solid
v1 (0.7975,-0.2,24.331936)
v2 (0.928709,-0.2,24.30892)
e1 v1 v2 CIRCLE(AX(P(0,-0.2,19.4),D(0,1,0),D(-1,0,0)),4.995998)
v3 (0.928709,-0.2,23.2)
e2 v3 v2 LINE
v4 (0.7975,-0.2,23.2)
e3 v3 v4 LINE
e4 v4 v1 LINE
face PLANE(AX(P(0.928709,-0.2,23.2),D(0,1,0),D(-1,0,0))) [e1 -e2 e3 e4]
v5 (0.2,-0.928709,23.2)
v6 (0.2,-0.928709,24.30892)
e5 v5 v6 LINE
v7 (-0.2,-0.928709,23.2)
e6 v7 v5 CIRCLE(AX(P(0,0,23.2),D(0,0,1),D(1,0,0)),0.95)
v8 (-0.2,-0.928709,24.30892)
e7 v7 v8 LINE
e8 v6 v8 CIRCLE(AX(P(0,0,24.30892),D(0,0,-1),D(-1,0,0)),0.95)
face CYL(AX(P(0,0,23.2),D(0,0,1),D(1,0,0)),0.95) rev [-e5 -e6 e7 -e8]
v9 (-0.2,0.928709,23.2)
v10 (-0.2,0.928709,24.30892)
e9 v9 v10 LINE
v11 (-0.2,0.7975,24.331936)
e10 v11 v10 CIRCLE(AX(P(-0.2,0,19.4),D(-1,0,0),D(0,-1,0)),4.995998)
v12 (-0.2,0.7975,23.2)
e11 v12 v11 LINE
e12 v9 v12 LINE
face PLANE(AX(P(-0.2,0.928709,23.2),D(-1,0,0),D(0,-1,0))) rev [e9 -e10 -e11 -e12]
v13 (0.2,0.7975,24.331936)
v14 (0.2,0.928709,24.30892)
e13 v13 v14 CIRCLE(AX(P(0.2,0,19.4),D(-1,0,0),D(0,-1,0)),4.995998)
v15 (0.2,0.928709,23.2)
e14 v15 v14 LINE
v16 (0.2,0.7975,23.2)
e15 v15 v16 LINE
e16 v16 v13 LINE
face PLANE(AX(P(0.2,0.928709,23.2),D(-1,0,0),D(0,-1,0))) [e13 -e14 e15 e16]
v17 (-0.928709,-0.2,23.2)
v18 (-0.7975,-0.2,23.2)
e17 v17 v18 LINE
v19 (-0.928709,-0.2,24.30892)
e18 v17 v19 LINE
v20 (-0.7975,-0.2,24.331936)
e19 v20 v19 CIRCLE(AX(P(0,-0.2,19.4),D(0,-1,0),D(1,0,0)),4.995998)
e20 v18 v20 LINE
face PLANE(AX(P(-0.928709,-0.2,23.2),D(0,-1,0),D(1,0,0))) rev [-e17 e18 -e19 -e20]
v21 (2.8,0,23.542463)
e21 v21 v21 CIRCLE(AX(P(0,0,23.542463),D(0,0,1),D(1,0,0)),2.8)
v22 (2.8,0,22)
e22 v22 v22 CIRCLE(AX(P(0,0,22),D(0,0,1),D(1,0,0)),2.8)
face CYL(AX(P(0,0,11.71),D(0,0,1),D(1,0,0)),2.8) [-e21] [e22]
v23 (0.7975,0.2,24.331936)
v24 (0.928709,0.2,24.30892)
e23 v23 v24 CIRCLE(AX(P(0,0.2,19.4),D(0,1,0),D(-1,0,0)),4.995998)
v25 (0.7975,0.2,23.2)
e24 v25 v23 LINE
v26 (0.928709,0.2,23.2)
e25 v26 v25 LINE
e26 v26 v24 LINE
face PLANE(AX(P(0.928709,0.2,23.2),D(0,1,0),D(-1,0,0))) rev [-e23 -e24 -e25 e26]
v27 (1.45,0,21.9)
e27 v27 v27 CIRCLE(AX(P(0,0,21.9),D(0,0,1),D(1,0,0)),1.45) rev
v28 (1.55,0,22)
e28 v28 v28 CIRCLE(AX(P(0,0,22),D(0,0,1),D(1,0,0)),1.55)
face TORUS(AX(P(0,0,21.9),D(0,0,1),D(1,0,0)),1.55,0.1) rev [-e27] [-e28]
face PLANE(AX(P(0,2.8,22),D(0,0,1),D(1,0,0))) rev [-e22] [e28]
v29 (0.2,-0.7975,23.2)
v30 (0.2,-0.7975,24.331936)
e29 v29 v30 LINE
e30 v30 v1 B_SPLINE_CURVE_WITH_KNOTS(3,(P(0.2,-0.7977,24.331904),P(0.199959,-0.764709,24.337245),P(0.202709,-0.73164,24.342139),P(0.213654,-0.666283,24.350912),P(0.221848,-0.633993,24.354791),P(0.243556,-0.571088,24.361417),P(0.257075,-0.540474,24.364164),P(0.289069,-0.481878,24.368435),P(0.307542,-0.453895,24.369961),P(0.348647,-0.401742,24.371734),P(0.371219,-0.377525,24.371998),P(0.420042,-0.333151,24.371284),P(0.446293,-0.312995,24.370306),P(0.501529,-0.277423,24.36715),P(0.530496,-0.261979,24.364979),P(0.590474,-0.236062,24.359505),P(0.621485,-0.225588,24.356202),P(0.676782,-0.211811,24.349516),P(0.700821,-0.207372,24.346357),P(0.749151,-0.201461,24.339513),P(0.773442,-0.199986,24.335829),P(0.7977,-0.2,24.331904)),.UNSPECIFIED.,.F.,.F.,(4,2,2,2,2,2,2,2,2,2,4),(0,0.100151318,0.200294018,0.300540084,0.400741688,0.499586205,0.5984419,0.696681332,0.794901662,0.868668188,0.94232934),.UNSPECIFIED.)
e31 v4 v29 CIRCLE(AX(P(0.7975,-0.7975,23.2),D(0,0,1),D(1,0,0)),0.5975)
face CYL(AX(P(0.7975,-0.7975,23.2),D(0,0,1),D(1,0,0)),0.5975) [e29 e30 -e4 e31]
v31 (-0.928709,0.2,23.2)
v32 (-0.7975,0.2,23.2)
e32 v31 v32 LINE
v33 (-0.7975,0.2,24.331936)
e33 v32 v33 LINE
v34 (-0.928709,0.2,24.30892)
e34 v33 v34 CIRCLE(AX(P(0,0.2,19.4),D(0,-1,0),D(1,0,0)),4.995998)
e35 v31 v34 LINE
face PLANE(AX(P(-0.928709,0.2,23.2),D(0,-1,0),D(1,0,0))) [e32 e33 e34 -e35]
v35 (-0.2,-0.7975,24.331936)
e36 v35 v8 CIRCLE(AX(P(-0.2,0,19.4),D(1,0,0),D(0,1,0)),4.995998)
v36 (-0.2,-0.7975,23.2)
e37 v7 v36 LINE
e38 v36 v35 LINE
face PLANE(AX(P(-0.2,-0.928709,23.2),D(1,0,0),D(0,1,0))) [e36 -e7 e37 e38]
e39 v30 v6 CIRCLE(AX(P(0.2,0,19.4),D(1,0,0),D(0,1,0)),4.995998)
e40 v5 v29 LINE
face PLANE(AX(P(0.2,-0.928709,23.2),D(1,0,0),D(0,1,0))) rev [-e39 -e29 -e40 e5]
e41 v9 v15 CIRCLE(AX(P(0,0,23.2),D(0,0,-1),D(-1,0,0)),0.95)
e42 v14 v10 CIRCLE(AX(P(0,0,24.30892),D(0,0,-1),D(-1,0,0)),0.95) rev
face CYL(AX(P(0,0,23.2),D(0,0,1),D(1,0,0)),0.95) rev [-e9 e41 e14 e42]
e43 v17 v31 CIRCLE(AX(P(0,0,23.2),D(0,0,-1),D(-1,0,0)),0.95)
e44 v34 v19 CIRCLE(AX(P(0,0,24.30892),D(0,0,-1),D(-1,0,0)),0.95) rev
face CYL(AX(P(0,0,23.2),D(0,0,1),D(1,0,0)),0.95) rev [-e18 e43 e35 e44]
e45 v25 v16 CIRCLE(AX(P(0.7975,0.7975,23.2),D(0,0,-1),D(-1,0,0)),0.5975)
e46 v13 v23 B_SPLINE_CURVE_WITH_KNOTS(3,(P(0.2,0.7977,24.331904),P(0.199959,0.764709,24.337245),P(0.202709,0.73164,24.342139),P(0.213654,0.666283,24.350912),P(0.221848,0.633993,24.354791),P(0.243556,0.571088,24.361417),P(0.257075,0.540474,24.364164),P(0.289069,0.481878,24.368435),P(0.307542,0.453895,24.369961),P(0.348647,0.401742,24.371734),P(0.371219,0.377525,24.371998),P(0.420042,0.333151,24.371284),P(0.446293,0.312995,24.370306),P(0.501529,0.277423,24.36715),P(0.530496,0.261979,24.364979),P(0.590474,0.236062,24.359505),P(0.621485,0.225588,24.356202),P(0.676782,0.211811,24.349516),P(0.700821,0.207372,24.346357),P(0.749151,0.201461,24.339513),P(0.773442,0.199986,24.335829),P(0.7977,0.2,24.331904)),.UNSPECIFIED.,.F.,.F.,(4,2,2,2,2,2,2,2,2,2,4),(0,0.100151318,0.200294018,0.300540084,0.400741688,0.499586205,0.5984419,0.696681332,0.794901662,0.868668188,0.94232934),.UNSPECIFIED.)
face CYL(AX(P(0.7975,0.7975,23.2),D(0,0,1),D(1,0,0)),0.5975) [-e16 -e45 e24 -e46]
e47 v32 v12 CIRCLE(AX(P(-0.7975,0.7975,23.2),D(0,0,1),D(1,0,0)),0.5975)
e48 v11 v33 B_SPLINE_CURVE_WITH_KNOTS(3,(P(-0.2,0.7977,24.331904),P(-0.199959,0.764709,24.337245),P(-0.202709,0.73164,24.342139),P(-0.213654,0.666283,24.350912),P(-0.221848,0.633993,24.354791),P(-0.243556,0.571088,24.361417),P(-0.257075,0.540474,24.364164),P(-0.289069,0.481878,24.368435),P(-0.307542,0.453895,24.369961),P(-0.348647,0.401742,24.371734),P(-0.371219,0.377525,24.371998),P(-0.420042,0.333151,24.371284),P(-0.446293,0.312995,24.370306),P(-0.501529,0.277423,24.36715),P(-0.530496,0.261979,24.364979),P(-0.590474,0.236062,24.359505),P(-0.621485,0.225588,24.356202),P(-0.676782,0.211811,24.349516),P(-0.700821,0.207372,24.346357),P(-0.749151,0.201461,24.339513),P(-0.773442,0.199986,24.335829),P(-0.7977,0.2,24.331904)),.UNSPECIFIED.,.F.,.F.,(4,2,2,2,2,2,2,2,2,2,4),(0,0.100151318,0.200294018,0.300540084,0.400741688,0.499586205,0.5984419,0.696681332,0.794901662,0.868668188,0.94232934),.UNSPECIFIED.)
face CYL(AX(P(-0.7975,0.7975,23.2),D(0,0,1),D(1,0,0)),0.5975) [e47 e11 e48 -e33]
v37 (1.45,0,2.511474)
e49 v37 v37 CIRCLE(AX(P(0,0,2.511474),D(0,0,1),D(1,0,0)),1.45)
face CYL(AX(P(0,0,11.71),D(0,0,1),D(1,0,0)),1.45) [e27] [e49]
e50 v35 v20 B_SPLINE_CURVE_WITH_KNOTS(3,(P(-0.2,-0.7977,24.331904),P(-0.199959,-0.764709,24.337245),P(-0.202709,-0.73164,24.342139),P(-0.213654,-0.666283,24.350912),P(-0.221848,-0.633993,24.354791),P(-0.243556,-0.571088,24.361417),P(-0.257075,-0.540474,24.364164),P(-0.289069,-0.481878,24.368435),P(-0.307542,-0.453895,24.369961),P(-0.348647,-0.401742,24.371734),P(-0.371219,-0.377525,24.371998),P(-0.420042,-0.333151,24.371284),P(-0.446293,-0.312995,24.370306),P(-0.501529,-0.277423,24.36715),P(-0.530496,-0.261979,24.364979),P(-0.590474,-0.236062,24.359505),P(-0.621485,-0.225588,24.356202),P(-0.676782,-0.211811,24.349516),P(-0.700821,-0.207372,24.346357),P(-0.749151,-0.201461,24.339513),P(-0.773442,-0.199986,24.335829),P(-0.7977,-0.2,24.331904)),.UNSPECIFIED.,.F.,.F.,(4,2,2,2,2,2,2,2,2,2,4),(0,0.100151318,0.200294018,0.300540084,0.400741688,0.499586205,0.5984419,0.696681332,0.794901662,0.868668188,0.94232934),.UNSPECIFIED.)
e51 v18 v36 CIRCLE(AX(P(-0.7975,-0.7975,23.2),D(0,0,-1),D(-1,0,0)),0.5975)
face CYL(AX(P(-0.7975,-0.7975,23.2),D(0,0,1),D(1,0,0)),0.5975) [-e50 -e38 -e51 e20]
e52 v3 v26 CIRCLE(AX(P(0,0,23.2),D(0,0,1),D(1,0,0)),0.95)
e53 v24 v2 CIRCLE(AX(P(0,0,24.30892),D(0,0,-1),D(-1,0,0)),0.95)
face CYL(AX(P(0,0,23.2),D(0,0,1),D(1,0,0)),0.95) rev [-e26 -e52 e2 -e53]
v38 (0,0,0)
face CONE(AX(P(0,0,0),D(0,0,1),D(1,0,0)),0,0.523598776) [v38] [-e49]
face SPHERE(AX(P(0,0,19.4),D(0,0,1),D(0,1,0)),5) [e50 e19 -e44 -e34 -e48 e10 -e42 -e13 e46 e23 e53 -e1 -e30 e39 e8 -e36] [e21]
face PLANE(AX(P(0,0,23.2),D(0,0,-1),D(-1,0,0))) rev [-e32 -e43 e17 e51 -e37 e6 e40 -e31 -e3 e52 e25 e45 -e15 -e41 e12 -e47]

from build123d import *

# Parameters (mm, degrees)
CUT_EXTRUDE_2_DEPTH = 1.2
FILLET_1_R          = 0.1


with BuildPart() as part:
    # 草图8 → Revolve 1542 (revolve)
    with BuildSketch(Plane(origin=(0, 0, 0), x_dir=(0, 0, -1), z_dir=(1, 0, 0)), mode=Mode.PRIVATE) as revolve_1542_sk:
        with BuildLine():
            Line((0, 0), (-24.4, 0))
            ThreePointArc((-24.4, 0), (-24.180811394, 1.464186604), (-23.542463035, 2.8))
            Line((-23.542463035, 2.8), (-22, 2.8))
            Line((-22, 2.8), (-22, 1.45))
            Line((-22, 1.45), (-2.511473671, 1.45))
            Line((-2.511473671, 1.45), (0, 0))
        make_face()
    revolve(revolve_1542_sk.sketch.rotate(Axis((0, 0, 11.71), (0, 0, -1)), 90), axis=Axis((0, 0, 11.71), (0, 0, -1)))

    # 草图7 → 切除-拉伸2 (cut)
    with BuildSketch(Plane.XY.offset(24.4)):
        with BuildLine():
            Line((0.2, 0.928708781), (0.2, 0.797500009))
            ThreePointArc((0.2, 0.797500009), (0.375003701, 0.375003701), (0.797500009, 0.2))
            Line((0.797500009, 0.2), (0.928708781, 0.2))
            ThreePointArc((0.928708781, 0.2), (0.95, 0), (0.928708781, -0.2))
            Line((0.928708781, -0.2), (0.797500009, -0.2))
            ThreePointArc((0.797500009, -0.2), (0.375003701, -0.375003701), (0.2, -0.797500009))
            Line((0.2, -0.797500009), (0.2, -0.928708781))
            ThreePointArc((0.2, -0.928708781), (0, -0.95), (-0.2, -0.928708781))
            Line((-0.2, -0.928708781), (-0.2, -0.797500009))
            ThreePointArc((-0.2, -0.797500009), (-0.375003701, -0.375003701), (-0.797500009, -0.2))
            Line((-0.797500009, -0.2), (-0.928708781, -0.2))
            ThreePointArc((-0.928708781, -0.2), (-0.95, 0), (-0.928708781, 0.2))
            Line((-0.928708781, 0.2), (-0.797500009, 0.2))
            ThreePointArc((-0.797500009, 0.2), (-0.375003701, 0.375003701), (-0.2, 0.797500009))
            Line((-0.2, 0.797500009), (-0.2, 0.928708781))
            ThreePointArc((-0.2, 0.928708781), (0, 0.95), (0.2, 0.928708781))
        make_face()
    extrude(amount=-CUT_EXTRUDE_2_DEPTH, mode=Mode.SUBTRACT)

    # 圆角1
    fillet_1_edges = [part.edges().sort_by_distance(p)[0] for p in [
        (-1.45, 0, 22),
    ]]
    fillet(fillet_1_edges, radius=FILLET_1_R)


solid = part.part
